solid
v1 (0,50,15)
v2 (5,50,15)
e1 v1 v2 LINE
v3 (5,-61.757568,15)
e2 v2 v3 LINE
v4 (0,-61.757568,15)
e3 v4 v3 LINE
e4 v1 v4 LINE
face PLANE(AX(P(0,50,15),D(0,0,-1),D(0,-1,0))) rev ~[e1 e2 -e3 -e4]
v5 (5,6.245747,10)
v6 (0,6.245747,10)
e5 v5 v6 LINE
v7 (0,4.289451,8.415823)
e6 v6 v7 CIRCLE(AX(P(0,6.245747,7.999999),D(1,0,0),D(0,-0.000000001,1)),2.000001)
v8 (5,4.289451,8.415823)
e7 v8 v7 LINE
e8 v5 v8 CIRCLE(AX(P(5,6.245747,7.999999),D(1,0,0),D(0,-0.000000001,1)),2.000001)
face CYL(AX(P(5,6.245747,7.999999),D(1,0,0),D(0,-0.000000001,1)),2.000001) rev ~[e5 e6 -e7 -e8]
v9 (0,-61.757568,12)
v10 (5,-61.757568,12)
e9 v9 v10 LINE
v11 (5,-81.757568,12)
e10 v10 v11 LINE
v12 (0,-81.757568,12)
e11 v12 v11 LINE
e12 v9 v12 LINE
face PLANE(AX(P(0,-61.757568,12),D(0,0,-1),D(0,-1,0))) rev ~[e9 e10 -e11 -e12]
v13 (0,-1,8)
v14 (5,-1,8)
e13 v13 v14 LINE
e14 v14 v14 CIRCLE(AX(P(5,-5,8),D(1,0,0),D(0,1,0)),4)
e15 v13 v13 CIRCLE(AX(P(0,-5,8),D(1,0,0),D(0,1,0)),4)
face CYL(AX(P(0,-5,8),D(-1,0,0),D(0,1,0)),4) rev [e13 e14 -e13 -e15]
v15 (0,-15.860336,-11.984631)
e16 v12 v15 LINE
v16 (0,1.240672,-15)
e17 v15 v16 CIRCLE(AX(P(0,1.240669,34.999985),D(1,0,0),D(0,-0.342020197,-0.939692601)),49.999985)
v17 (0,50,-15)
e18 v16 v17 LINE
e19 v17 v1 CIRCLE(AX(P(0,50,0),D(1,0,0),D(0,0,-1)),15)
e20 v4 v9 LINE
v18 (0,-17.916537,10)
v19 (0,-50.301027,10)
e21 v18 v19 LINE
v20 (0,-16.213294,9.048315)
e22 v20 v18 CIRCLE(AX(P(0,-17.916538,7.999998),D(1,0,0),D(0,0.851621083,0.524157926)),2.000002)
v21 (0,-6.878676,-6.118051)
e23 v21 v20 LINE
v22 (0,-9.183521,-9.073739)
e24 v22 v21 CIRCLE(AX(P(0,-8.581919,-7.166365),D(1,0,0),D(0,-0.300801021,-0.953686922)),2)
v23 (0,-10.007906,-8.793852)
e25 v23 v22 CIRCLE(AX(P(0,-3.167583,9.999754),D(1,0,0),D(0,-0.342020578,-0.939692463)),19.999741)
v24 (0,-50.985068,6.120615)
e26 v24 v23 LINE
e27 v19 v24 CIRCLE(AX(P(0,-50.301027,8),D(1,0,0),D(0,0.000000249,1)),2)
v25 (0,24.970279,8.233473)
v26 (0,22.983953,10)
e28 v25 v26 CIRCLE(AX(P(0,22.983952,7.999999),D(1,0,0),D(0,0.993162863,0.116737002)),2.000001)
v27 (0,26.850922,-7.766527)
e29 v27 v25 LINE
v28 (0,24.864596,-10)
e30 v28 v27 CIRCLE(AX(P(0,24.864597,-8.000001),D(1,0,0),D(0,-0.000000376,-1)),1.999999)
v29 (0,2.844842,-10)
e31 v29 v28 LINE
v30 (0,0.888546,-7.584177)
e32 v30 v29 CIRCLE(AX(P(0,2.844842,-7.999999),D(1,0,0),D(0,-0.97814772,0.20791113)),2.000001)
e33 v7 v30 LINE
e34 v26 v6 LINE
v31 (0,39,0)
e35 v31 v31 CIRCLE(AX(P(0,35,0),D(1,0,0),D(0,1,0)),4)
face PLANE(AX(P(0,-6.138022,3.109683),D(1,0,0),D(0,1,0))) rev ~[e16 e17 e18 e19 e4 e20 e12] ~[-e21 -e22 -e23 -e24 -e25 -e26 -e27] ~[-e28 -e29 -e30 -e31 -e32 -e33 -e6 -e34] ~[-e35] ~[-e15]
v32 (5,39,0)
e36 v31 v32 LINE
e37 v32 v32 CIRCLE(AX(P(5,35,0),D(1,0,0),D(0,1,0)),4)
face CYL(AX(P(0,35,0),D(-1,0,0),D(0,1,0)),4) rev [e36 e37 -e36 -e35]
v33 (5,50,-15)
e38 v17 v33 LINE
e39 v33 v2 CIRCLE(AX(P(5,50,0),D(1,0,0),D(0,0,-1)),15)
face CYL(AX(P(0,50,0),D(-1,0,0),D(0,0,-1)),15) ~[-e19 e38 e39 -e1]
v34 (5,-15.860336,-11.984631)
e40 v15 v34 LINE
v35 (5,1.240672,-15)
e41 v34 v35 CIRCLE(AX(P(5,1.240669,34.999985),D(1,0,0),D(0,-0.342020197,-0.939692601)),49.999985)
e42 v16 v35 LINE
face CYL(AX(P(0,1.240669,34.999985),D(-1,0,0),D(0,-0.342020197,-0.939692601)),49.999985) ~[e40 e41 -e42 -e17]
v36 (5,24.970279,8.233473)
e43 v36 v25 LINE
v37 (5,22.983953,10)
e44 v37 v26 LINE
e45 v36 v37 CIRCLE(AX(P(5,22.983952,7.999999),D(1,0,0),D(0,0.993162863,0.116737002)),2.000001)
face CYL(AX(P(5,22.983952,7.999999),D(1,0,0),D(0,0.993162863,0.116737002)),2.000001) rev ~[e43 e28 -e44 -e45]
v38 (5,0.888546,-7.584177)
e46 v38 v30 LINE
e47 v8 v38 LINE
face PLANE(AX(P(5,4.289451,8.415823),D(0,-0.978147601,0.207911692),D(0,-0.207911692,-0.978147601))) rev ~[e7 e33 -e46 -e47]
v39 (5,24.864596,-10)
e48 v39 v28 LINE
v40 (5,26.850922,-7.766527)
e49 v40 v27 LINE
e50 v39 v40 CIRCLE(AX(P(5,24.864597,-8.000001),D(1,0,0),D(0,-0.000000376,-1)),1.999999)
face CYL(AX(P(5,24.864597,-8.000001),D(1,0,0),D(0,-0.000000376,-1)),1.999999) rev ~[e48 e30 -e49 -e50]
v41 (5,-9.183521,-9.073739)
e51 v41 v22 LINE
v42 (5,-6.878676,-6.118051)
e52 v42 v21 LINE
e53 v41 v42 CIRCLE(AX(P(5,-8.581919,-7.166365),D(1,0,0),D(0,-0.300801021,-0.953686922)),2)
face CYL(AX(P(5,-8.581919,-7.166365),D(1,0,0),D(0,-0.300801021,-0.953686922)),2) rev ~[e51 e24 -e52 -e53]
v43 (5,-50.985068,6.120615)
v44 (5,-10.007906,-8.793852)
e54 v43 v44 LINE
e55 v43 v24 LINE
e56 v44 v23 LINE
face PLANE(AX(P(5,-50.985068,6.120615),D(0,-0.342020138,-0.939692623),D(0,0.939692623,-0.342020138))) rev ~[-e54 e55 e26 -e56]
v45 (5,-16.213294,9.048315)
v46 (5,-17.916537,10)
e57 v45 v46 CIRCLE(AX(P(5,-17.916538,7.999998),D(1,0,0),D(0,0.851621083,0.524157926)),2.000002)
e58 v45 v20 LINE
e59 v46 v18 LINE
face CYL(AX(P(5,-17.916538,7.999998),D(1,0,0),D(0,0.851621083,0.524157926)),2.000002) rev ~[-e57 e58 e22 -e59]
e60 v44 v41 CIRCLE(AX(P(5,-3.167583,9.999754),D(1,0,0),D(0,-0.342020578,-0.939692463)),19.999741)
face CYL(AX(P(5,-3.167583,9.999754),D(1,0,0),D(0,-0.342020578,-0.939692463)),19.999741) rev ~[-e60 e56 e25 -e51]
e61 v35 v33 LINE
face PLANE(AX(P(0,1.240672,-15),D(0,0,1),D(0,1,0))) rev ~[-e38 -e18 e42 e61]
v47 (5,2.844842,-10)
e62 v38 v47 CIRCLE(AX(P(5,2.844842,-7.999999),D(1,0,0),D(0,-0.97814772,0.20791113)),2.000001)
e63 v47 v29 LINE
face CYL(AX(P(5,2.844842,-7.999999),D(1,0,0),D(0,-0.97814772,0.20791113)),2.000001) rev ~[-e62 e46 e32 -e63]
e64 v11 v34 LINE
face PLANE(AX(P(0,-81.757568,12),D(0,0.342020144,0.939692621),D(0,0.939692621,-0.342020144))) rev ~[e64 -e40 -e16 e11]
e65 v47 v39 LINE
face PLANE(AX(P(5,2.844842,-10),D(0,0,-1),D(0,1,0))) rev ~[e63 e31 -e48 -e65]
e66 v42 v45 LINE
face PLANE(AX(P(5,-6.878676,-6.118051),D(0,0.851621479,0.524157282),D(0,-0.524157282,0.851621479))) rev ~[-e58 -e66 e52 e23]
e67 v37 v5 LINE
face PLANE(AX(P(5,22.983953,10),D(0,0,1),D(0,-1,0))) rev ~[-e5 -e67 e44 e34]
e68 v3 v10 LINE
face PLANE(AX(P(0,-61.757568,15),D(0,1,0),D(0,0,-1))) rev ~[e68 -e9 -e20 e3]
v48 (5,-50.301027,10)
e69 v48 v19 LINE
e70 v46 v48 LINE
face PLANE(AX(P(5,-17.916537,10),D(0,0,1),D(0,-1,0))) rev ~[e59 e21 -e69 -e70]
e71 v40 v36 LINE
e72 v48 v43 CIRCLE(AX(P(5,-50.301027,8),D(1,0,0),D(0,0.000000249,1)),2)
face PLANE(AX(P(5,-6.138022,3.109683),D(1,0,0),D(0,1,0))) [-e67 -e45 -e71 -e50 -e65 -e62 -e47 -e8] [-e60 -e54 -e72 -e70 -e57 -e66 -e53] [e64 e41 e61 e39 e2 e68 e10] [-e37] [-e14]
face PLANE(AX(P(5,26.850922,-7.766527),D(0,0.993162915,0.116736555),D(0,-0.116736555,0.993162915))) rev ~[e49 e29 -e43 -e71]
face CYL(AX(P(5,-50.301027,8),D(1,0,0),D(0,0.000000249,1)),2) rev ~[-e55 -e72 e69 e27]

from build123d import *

# Parameters (mm, degrees)
F0_R     = 4
F1_DEPTH = 5
F3_DEPTH = 25


with BuildPart() as f1:
    # F0 (on Right) → F1 (new body)
    with BuildSketch(Plane.YZ):
        with BuildLine():
            Line((50, 15), (-61.757568, 15))
            Line((-61.757568, 15), (-61.757568, 12))
            Line((-61.757568, 12), (-81.757568, 12))
            Line((-81.757568, 12), (-15.860336, -11.984631))
            ThreePointArc((-15.860336, -11.984631), (-7.441737, -14.240388), (1.240672, -15))
            Line((1.240672, -15), (50, -15))
            ThreePointArc((50, -15), (65, 0), (50, 15))
        make_face()
        with Locations((35, 0)):
            Circle(F0_R, mode=Mode.SUBTRACT)
        with Locations((-5, 8)):
            Circle(F0_R, mode=Mode.SUBTRACT)
    extrude(amount=F1_DEPTH)

    # F2 (on face) → F3 (cut)
    with BuildSketch(Plane.YZ.offset(5)):
        with BuildLine():
            Line((-17.916537, 10), (-50.301027, 10))
            ThreePointArc((-50.301027, 10), (-52.270643, 8.347296), (-50.985068, 6.120615))
            Line((-50.985068, 6.120615), (-10.007906, -8.793852))
            ThreePointArc((-10.007906, -8.793852), (-9.597236, -8.938282), (-9.183521, -9.073739))
            ThreePointArc((-9.183521, -9.073739), (-7.004761, -8.396232), (-6.878676, -6.118051))
            Line((-6.878676, -6.118051), (-16.213294, 9.048315))
            ThreePointArc((-16.213294, 9.048315), (-16.940993, 9.745942), (-17.916537, 10))
        make_face()
        with BuildLine():
            Line((22.983953, 10), (6.245747, 10))
            ThreePointArc((6.245747, 10), (4.987106, 9.554292), (4.289451, 8.415823))
            Line((4.289451, 8.415823), (0.888546, -7.584177))
            ThreePointArc((0.888546, -7.584177), (1.29055, -9.258641), (2.844842, -10))
            Line((2.844842, -10), (24.864596, -10))
            ThreePointArc((24.864596, -10), (26.359077, -9.329108), (26.850922, -7.766527))
            Line((26.850922, -7.766527), (24.970279, 8.233473))
            ThreePointArc((24.970279, 8.233473), (24.31306, 9.494481), (22.983953, 10))
        make_face()
    extrude(amount=-F3_DEPTH, mode=Mode.SUBTRACT)


solid = f1.part
